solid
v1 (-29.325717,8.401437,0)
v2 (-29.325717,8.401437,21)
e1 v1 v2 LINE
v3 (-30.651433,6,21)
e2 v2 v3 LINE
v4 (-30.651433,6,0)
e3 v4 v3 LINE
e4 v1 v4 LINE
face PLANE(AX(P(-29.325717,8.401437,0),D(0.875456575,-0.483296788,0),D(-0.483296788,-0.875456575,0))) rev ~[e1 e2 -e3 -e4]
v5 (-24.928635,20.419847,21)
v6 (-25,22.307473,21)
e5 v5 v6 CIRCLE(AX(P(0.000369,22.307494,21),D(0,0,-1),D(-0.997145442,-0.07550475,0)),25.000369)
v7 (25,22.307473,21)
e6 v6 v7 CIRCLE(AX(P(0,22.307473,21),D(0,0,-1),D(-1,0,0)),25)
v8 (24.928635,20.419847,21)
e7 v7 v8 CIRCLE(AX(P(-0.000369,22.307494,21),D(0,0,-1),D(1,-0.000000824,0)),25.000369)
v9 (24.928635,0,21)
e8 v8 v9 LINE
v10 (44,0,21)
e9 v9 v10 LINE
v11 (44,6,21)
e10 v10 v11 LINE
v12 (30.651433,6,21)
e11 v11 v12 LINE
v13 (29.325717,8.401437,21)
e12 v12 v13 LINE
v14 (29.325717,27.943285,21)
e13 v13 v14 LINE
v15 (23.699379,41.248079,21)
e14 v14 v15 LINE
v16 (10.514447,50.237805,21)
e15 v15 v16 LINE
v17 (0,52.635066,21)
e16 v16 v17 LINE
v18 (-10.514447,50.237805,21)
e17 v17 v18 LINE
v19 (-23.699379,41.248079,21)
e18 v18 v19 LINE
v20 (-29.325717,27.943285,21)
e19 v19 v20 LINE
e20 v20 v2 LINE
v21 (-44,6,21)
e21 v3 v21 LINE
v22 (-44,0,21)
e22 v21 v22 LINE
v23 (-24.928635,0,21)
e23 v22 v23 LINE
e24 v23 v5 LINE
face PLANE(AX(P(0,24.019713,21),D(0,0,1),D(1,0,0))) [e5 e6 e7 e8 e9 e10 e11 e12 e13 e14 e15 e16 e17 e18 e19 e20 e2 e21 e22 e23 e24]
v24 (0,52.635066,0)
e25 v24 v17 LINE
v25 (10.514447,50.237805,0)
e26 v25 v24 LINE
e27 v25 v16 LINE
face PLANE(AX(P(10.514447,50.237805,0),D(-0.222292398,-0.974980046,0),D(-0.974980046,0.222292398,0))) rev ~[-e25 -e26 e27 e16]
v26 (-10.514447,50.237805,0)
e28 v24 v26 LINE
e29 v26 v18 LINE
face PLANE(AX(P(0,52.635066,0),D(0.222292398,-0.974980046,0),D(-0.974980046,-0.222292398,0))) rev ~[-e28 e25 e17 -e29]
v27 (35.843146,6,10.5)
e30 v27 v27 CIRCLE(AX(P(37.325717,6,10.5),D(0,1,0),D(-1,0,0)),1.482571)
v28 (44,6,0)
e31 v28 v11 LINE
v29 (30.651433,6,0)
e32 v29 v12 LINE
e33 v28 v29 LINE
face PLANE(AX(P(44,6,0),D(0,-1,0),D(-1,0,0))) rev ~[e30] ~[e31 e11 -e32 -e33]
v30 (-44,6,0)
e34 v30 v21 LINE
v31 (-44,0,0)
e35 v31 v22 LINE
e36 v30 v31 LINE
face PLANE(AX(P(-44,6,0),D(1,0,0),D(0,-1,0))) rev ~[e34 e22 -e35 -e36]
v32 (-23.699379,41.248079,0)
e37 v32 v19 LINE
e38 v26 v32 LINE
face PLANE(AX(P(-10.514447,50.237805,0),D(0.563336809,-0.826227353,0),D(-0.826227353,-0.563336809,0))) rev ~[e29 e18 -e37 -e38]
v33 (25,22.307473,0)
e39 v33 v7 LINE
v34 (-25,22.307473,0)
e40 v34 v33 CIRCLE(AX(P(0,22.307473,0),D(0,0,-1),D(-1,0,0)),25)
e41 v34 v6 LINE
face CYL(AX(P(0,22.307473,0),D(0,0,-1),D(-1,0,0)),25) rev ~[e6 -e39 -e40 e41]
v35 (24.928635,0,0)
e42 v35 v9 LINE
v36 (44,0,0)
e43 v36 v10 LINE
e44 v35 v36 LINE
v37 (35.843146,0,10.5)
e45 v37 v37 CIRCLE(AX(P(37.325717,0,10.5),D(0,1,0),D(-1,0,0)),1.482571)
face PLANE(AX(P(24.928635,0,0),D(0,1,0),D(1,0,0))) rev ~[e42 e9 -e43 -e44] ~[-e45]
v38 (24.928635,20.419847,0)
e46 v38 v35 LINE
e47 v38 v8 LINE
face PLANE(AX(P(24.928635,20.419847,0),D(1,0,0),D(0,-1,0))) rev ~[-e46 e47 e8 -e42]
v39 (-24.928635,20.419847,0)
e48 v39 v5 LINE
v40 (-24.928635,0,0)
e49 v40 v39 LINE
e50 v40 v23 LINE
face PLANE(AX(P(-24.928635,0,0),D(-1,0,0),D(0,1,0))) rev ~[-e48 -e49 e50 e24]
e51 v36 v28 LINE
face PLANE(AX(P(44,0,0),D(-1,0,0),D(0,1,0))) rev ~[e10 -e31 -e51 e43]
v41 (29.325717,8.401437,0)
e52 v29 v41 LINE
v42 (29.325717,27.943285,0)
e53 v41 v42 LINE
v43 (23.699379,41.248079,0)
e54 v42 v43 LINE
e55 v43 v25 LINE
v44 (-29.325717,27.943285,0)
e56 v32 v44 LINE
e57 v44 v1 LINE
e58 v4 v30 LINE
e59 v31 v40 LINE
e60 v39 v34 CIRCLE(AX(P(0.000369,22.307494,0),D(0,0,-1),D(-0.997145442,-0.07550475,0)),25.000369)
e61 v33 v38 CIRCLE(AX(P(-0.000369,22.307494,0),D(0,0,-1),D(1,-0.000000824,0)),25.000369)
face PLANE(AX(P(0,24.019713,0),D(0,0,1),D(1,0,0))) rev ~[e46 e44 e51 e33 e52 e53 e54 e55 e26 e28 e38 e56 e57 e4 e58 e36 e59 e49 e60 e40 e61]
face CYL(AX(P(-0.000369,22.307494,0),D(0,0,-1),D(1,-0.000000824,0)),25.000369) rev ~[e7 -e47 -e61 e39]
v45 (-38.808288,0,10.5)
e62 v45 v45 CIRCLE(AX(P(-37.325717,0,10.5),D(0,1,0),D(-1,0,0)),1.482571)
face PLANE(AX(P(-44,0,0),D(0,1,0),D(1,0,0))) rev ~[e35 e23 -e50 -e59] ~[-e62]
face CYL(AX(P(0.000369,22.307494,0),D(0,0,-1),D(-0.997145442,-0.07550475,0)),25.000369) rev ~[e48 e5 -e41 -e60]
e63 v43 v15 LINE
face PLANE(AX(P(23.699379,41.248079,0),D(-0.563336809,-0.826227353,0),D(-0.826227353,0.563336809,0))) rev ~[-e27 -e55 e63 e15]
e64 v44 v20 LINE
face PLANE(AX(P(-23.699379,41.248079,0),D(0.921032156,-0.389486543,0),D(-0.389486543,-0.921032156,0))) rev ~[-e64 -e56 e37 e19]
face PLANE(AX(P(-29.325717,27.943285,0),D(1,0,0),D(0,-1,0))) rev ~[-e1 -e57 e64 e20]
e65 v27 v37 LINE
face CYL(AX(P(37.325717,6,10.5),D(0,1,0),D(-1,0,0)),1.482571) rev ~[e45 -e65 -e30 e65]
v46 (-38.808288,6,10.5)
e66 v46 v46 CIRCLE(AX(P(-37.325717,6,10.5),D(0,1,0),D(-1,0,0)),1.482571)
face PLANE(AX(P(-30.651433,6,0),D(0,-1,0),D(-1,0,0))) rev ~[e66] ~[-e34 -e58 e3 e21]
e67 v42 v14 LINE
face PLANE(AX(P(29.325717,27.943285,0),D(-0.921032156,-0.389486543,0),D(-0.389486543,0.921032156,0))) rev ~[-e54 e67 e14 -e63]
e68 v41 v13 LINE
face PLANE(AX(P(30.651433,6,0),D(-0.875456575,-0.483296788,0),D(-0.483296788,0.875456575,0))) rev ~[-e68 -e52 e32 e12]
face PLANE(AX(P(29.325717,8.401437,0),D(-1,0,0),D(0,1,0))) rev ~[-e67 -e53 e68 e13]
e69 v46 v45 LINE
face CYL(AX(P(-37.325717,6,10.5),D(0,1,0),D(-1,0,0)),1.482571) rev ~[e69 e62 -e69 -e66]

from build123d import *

# Parameters (mm, degrees)
F1_DEPTH = 21
F2_R     = 1.482571
F3_DEPTH = 6.001


with BuildPart() as f1:
    # F0 (on Top) → F1 (new body)
    with BuildSketch(Plane.XY):
        with BuildLine():
            ThreePointArc((25, 22.307473), (24.982152, 21.362986), (24.928635, 20.419847))
            Line((24.928635, 20.419847), (24.928635, 0))
            Line((24.928635, 0), (28, 0))
            Line((28, 0), (44, 0))
            Line((44, 0), (44, 6))
            Line((44, 6), (30.651433, 6))
            Line((30.651433, 6), (29.325717, 8.401437))
            Line((29.325717, 8.401437), (29.325717, 27.943285))
            Line((29.325717, 27.943285), (23.699379, 41.248079))
            Line((23.699379, 41.248079), (10.514447, 50.237805))
            Line((10.514447, 50.237805), (0, 52.635066))
            Line((0, 52.635066), (-10.514447, 50.237805))
            Line((-10.514447, 50.237805), (-23.699379, 41.248079))
            Line((-23.699379, 41.248079), (-29.325717, 27.943285))
            Line((-29.325717, 27.943285), (-29.325717, 8.401437))
            Line((-29.325717, 8.401437), (-30.651433, 6))
            Line((-30.651433, 6), (-44, 6))
            Line((-44, 6), (-44, 0))
            Line((-44, 0), (-28, 0))
            Line((-28, 0), (-24.928635, 0))
            Line((-24.928635, 0), (-24.928635, 20.419847))
            ThreePointArc((-24.928635, 20.419847), (-24.982152, 21.362986), (-25, 22.307473))
            ThreePointArc((-25, 22.307473), (0, 47.307473), (25, 22.307473))
        make_face()
    extrude(amount=F1_DEPTH)

    # F2 (on face) → F3 (cut, through all)
    with BuildSketch(Plane(origin=(0, 6, 0), x_dir=(-1, 0, 0), z_dir=(0, 1, 0))):
        with Locations((-37.325717, 10.5)):
            Circle(F2_R)
        with Locations((37.325717, 10.5)):
            Circle(F2_R)
    extrude(amount=-F3_DEPTH, mode=Mode.SUBTRACT)


solid = f1.part
